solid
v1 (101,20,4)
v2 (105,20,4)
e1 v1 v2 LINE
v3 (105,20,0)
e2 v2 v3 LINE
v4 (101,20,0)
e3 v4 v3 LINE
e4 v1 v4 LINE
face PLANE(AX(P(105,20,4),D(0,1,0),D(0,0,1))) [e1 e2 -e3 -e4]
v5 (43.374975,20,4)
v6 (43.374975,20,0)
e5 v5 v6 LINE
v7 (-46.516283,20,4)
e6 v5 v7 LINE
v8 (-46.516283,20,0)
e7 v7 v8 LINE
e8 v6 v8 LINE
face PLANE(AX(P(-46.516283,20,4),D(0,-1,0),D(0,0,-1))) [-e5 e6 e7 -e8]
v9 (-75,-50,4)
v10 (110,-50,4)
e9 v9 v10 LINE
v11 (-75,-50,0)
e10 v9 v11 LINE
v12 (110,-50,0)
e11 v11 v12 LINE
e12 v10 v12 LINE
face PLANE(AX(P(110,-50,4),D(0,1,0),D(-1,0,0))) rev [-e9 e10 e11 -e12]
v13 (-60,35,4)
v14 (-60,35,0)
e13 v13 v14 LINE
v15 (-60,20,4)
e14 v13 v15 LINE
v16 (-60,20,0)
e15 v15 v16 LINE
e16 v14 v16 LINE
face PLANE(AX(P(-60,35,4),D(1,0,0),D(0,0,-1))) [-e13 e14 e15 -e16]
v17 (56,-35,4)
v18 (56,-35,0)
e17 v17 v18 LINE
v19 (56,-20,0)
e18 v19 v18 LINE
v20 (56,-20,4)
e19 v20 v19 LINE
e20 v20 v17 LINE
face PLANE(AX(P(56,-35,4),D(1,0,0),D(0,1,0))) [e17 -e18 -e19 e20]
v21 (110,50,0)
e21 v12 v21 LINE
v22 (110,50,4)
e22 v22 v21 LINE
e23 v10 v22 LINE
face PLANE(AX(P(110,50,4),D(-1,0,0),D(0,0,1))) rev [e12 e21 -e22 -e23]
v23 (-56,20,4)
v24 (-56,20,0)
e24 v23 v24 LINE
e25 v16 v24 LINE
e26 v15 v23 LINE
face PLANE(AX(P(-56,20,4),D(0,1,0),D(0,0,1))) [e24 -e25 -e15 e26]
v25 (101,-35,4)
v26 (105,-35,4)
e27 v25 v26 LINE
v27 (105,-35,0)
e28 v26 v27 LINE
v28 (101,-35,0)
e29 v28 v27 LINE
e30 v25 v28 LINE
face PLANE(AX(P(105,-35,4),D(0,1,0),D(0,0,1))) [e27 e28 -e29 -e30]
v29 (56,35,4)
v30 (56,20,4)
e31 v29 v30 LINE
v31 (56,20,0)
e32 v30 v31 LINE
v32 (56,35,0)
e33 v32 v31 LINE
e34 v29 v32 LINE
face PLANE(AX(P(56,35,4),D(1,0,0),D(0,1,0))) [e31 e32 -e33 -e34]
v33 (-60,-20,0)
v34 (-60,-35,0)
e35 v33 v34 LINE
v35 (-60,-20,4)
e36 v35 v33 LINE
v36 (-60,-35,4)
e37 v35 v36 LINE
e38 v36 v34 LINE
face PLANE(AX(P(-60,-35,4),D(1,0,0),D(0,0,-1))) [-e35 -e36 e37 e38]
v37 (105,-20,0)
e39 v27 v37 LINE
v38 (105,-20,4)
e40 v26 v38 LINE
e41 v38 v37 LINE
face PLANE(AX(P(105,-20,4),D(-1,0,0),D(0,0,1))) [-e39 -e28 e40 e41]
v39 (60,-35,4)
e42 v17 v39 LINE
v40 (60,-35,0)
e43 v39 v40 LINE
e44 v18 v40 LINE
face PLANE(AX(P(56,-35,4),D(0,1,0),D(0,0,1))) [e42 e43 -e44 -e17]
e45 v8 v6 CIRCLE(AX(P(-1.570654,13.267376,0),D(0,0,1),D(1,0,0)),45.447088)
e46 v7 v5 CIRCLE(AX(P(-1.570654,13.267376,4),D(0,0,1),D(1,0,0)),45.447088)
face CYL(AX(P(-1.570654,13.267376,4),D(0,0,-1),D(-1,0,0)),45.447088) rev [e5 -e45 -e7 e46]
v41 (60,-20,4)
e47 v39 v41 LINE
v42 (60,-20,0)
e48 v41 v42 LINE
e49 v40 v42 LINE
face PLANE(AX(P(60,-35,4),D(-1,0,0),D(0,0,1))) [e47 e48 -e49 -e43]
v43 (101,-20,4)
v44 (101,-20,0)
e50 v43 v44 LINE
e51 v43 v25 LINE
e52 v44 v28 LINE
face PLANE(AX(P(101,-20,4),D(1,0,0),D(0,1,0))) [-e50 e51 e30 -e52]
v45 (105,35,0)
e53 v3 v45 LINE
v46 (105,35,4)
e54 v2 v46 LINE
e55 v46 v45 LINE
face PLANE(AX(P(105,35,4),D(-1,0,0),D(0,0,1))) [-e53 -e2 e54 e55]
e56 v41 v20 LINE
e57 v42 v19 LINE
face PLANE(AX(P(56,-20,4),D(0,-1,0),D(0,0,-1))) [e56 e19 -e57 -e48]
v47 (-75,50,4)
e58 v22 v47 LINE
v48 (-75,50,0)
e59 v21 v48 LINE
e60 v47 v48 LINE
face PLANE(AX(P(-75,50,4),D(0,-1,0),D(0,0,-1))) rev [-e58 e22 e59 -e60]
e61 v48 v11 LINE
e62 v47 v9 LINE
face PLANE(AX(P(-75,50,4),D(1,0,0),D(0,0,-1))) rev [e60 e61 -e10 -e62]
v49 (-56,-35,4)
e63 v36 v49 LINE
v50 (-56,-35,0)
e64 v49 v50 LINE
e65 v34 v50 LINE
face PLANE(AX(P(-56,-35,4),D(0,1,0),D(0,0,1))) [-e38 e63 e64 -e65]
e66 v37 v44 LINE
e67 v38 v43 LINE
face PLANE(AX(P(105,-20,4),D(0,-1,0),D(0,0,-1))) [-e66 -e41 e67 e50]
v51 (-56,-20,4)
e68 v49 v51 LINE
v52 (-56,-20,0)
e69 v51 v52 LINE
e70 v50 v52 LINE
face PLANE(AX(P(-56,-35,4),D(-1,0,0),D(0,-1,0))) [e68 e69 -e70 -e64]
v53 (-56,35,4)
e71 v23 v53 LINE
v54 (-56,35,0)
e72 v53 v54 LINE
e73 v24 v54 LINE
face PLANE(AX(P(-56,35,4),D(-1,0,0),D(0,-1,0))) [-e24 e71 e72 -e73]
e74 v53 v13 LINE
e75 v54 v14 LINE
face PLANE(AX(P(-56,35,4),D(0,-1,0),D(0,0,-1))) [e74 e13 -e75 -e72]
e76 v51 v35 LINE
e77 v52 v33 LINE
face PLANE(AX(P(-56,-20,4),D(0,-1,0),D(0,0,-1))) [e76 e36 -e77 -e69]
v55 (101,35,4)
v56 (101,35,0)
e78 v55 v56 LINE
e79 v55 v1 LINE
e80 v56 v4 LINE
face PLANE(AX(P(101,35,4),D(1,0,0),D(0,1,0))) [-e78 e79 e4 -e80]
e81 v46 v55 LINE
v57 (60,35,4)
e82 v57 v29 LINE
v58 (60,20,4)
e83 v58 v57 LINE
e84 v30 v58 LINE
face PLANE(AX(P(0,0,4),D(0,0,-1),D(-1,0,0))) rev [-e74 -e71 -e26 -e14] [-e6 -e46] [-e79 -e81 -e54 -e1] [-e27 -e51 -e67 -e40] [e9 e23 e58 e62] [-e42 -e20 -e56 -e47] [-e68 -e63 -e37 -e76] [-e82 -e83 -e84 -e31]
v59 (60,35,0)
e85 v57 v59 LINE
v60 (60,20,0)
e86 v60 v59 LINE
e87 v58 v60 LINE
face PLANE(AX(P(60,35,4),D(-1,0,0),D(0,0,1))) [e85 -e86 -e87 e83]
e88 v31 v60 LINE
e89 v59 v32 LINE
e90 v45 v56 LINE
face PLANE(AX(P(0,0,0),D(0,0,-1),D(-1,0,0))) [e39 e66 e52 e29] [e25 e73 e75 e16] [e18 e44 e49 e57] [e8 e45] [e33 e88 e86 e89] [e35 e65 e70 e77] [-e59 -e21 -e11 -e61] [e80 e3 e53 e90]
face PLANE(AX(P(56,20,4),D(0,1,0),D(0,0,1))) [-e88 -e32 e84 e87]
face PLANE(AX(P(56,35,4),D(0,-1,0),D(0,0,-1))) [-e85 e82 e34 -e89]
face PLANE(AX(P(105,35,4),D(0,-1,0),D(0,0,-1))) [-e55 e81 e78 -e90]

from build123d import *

# Parameters (mm, degrees)
SKETCH1_W           = 4
SKETCH1_H           = 15
BOSS_EXTRUDE1_DEPTH = 4


with BuildPart() as part:
    # Sketch1 → Boss-Extrude1 (new body)
    with BuildSketch(Plane.XY):
        Polygon((-75, -50), (75, -50), (110, -50), (110, 50), (75, 50), (-75, 50), align=None)
        with BuildLine():
            Line((-46.516283173, 20), (43.374974686, 20))
            ThreePointArc((43.374974686, 20), (-1.570654243, -32.179711562), (-46.516283173, 20))
        make_face(mode=Mode.SUBTRACT)
        with Locations((58, 27.5)):
            Rectangle(SKETCH1_W, SKETCH1_H, mode=Mode.SUBTRACT)
        with Locations((58, -27.5)):
            Rectangle(SKETCH1_W, SKETCH1_H, mode=Mode.SUBTRACT)
        with Locations((-58, -27.5)):
            Rectangle(SKETCH1_W, SKETCH1_H, mode=Mode.SUBTRACT)
        with Locations((-58, 27.5)):
            Rectangle(SKETCH1_W, SKETCH1_H, mode=Mode.SUBTRACT)
        with Locations((103, 27.5)):
            Rectangle(SKETCH1_W, SKETCH1_H, mode=Mode.SUBTRACT)
        with Locations((103, -27.5)):
            Rectangle(SKETCH1_W, SKETCH1_H, mode=Mode.SUBTRACT)
    extrude(amount=BOSS_EXTRUDE1_DEPTH)


solid = part.part
